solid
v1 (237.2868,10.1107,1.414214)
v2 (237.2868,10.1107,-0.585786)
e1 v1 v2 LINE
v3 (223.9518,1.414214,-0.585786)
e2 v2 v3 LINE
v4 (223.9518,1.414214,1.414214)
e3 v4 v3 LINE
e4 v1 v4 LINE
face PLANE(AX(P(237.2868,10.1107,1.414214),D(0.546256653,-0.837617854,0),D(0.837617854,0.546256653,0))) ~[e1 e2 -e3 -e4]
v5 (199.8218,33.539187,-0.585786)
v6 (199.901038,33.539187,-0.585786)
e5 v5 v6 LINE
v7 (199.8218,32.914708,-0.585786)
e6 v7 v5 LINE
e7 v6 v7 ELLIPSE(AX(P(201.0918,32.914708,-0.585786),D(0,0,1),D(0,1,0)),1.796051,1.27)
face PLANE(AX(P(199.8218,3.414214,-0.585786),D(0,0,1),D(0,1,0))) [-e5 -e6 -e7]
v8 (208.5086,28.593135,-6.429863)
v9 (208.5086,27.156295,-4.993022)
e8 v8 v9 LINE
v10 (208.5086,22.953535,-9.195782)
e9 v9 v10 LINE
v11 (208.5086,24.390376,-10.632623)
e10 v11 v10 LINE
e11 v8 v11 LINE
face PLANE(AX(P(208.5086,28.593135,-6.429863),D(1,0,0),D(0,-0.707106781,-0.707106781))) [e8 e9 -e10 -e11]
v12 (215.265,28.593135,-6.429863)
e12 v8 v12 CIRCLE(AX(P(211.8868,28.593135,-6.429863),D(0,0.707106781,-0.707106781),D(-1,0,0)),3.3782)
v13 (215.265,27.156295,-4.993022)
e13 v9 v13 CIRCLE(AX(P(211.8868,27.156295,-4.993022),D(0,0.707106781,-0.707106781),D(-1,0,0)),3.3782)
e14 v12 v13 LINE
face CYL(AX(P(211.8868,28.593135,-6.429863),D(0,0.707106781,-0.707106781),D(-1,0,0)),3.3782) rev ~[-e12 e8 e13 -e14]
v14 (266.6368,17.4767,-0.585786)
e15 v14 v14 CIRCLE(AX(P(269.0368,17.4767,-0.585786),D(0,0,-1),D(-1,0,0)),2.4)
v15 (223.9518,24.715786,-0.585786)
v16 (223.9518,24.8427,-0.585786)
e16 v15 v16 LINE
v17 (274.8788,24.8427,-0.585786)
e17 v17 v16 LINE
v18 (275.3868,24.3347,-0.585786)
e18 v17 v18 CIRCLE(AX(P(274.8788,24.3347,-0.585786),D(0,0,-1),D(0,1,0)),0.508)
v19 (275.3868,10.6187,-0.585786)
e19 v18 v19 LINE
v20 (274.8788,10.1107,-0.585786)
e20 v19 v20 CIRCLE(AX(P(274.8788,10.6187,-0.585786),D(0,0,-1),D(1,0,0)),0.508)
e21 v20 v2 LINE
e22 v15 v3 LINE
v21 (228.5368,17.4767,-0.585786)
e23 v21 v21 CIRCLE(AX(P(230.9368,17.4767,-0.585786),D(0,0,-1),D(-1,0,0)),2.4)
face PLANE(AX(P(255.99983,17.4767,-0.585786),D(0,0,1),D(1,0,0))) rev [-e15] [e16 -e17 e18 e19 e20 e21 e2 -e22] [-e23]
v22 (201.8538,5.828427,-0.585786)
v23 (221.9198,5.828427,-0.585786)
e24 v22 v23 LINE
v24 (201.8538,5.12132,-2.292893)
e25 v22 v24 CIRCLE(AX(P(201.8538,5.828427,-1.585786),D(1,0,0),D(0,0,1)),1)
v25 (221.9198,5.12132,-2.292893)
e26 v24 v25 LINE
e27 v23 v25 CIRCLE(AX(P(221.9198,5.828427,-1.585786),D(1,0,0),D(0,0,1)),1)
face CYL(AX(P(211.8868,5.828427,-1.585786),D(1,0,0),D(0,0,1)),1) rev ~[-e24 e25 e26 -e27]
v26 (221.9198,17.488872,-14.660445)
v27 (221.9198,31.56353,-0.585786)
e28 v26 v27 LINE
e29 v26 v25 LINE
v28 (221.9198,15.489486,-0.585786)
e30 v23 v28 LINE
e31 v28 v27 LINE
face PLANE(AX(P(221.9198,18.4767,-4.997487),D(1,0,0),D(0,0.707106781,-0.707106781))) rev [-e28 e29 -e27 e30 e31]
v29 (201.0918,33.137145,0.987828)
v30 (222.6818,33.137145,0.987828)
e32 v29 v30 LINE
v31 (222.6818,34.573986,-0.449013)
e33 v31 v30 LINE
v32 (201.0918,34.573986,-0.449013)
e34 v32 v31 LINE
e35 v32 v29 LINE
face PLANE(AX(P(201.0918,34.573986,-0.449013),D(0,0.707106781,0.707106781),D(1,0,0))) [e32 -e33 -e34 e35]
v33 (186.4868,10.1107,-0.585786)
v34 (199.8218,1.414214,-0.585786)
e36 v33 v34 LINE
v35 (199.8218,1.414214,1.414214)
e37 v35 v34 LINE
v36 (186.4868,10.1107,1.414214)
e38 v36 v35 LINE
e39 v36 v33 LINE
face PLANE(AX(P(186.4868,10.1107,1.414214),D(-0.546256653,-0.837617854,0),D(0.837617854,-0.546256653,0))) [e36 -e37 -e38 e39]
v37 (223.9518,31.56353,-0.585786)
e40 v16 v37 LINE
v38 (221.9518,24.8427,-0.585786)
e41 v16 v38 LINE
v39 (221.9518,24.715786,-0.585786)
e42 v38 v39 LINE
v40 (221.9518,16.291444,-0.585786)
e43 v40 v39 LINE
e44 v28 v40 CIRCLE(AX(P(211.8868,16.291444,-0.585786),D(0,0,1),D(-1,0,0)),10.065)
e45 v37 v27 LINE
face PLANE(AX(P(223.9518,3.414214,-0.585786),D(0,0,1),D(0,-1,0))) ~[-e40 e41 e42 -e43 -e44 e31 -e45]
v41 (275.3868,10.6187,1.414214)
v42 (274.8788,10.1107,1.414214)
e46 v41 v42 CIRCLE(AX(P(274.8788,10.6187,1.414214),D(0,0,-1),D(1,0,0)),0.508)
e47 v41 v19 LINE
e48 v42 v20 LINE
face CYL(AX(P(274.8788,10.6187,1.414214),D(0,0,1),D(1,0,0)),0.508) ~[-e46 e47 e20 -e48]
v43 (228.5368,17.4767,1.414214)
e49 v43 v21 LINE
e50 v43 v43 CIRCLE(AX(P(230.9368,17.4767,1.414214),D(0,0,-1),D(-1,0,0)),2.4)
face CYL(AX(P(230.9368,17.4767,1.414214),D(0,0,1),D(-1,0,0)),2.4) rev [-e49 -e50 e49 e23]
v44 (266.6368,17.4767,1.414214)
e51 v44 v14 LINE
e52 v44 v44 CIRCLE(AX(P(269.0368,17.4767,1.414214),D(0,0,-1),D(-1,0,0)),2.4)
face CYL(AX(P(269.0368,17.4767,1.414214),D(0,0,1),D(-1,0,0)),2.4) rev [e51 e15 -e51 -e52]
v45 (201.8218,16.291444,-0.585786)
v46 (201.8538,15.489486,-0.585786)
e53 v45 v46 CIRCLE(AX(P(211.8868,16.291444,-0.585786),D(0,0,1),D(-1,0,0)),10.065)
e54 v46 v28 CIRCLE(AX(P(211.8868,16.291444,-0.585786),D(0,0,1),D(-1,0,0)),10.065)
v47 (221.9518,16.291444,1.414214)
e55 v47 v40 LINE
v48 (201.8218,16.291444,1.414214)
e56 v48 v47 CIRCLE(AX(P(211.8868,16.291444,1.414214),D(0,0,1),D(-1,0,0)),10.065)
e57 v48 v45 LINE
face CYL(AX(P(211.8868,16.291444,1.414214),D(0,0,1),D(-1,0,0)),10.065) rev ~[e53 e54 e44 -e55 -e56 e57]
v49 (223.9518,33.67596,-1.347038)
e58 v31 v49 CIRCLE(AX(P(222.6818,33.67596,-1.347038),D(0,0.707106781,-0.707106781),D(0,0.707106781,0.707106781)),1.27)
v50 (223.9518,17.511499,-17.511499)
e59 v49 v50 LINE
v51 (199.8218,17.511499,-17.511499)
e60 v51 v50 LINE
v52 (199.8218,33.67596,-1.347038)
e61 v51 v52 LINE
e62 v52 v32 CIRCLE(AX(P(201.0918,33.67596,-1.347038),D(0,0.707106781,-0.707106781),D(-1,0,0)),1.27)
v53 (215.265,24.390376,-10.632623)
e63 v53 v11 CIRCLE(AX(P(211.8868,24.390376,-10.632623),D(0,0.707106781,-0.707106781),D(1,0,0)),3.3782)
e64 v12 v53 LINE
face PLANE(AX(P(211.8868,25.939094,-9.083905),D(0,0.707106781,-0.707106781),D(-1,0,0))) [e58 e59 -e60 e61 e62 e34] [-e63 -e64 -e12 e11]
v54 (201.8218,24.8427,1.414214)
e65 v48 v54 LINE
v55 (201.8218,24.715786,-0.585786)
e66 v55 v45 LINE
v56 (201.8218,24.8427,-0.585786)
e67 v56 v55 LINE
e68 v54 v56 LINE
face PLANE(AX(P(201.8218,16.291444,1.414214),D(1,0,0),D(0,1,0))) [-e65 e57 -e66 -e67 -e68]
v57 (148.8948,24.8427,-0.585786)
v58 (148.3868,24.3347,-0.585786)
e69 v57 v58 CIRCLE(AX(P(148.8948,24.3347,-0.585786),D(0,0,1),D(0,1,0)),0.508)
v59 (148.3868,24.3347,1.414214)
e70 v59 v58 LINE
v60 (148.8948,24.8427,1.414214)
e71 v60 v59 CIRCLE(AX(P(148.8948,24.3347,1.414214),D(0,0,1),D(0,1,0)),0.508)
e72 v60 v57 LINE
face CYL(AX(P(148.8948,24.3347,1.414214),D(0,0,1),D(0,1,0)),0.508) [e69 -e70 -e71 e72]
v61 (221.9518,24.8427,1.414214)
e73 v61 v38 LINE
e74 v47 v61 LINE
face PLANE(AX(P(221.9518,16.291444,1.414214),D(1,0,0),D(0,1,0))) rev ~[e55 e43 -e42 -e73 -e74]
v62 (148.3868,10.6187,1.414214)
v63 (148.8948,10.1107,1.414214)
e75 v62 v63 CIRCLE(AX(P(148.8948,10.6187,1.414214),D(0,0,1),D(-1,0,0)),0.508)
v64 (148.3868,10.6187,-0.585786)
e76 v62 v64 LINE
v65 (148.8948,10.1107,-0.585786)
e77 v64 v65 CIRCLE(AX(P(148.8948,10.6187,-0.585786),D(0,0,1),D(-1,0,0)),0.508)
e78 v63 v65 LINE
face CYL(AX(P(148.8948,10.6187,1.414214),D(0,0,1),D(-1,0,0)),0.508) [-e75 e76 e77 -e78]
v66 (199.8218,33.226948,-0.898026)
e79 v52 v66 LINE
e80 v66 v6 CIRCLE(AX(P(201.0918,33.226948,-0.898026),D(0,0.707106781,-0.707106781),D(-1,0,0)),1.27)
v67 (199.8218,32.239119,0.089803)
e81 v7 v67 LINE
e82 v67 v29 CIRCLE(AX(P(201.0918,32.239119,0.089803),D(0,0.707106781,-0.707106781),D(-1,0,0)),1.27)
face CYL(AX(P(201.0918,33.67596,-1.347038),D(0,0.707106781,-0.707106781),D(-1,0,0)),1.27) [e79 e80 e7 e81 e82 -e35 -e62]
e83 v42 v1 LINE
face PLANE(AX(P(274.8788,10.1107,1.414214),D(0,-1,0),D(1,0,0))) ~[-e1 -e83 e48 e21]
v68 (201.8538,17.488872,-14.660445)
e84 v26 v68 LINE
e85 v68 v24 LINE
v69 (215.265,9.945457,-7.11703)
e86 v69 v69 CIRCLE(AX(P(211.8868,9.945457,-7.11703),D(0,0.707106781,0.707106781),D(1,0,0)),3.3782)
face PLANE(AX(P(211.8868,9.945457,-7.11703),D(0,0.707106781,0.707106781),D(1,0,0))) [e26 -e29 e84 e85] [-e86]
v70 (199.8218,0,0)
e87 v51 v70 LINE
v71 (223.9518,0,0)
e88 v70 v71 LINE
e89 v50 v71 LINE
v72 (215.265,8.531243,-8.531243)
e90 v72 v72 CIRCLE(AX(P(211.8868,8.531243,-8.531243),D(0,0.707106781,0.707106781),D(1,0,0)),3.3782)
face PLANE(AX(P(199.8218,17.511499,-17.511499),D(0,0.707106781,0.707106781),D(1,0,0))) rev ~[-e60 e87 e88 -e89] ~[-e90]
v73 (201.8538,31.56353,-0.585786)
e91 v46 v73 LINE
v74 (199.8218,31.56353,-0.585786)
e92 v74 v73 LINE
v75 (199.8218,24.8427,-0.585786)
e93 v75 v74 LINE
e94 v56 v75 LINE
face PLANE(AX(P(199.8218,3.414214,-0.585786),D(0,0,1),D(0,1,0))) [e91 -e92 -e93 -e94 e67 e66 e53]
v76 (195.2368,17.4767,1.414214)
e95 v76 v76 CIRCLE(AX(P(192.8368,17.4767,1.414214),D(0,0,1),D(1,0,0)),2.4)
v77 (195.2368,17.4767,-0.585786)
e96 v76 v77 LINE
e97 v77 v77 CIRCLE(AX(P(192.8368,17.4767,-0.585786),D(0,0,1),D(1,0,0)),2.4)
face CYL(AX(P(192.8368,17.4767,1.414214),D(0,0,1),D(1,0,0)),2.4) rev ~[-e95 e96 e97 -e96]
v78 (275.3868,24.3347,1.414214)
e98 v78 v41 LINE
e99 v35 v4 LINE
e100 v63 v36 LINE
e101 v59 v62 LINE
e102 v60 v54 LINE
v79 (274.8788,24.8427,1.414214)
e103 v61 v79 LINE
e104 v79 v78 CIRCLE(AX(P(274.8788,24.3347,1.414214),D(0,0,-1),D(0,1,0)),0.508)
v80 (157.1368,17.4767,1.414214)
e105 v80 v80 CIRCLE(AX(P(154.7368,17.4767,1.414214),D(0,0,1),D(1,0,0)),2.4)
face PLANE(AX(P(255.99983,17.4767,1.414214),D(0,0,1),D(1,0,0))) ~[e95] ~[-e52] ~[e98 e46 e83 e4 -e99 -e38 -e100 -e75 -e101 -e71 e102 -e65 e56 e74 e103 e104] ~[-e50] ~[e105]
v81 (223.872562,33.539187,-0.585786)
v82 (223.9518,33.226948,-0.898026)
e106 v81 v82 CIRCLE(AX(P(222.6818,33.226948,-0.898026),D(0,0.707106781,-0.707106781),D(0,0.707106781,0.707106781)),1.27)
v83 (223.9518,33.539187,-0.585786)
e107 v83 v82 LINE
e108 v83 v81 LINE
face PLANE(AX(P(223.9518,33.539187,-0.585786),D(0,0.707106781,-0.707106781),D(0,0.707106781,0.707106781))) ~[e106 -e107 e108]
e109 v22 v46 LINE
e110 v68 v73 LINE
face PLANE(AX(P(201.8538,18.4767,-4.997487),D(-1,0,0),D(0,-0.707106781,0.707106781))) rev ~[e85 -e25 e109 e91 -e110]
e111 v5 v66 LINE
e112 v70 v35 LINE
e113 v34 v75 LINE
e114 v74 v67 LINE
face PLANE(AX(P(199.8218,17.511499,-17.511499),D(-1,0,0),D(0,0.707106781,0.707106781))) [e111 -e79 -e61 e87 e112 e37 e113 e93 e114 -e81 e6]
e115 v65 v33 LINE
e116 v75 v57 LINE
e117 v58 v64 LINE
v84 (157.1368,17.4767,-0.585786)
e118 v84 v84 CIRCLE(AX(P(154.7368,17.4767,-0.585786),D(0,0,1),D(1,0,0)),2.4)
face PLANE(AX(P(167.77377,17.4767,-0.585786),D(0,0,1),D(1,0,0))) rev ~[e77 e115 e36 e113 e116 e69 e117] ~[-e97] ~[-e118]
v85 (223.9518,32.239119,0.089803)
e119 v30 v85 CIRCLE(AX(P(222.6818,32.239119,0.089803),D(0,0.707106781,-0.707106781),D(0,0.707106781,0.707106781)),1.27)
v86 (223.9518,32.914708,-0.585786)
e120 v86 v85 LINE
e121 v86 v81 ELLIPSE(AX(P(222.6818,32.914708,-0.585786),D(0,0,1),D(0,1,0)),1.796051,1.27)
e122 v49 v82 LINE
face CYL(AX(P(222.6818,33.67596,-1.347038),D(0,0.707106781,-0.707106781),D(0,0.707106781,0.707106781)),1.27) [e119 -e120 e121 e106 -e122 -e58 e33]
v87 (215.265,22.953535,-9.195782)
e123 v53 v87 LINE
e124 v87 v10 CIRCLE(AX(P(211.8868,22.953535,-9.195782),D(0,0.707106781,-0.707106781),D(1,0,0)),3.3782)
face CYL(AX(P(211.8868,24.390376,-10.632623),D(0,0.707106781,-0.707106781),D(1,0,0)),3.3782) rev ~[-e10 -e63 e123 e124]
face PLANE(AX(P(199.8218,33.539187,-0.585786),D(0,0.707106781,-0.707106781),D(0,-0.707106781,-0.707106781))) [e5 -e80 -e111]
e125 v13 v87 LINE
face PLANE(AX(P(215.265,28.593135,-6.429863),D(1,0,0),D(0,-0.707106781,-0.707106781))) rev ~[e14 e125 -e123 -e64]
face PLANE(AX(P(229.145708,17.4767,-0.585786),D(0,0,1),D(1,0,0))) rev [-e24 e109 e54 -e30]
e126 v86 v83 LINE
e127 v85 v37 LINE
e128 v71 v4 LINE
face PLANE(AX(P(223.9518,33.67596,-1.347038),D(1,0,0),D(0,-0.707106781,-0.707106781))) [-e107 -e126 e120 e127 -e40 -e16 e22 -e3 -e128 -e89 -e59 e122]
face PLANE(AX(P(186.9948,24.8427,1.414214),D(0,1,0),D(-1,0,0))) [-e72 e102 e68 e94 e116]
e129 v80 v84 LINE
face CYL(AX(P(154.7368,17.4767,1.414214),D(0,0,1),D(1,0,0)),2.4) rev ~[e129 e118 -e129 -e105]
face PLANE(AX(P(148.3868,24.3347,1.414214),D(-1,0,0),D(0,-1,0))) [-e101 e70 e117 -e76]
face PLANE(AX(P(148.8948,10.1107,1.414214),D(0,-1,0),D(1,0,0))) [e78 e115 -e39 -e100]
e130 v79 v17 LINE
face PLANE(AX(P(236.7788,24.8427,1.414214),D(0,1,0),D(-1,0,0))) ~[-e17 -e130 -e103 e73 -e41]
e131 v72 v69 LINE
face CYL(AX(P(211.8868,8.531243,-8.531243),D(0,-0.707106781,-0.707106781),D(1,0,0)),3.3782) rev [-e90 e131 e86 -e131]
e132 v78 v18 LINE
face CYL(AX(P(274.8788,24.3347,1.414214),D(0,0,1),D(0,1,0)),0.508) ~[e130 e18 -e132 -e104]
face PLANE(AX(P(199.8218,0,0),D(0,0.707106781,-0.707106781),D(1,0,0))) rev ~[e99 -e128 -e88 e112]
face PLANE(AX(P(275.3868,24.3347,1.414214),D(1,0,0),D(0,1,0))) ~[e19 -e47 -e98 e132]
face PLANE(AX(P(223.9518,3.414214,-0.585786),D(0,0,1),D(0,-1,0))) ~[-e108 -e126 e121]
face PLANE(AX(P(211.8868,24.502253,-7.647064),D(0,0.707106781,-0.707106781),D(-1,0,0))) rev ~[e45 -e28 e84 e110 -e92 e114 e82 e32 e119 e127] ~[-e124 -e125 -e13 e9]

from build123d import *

# Parameters (mm, degrees)
SKETCH_W             = 24.13
SKETCH_H             = 24.13
SKETCH_R             = 3.3782
PAD_DEPTH            = 2
PAD001_DEPTH         = 12.065
SKETCH002_R          = 6.35
POCKET_DEPTH         = 22.7167864376
PAD002_DEPTH         = 2
SKETCH004_R          = 2.4
PAD003_DEPTH         = 2
POCKET001_DEPTH      = 2.54
FILLET_R             = 0.508
BODY_PLACEMENT_ANGLE = 315
SKETCH010_R          = 2.4
PAD007_DEPTH         = 2
PAD008_DEPTH         = 2.032
PAD009_DEPTH         = 2.032


with BuildPart() as part:
    # Sketch → Pad (new body)
    with BuildSketch(Plane.XY):
        with Locations((0, 12.065)):
            Rectangle(SKETCH_W, SKETCH_H)
        with Locations((0, 12.065)):
            Circle(SKETCH_R, mode=Mode.SUBTRACT)
    extrude(amount=PAD_DEPTH)

    # Sketch001 → Pad001 (join, symmetric)
    with BuildSketch(Plane.YZ):
        with BuildLine():
            Line((0, 2), (22.7157864376, 24.7157864376))
            Line((22.7157864376, 24.7157864376), (24.13, 23.3015728753))
            Line((24.13, 23.3015728753), (4.5355339059, 3.7071067812))
            ThreePointArc((4.5355339059, 3.7071067812), (4.3187611546, 2.6173165676), (5.2426406871, 2))
            Line((5.2426406871, 2), (0, 2))
        make_face()
    extrude(amount=PAD001_DEPTH, both=True)

    # Sketch002 (on Face7 of Pad001) → Pocket (cut, through all)
    with BuildSketch(Plane.XY.offset(2)):
        with Locations((0, 12.065)):
            Circle(SKETCH002_R)
    extrude(amount=POCKET_DEPTH, mode=Mode.SUBTRACT)

    # Sketch003 (on Face9 of Pocket) → Pad002 (join)
    with BuildSketch(Plane.YZ.offset(12.065)):
        with BuildLine():
            ThreePointArc((17.8909137548, 17.06248663), (15.9782409773, 7.4468312404), (24.13, 2))
            Line((2.8284271247, 2), (24.13, 2))
            Line((17.8909137548, 17.06248663), (2.8284271247, 2))
        make_face()
    pad002 = extrude(amount=-PAD002_DEPTH)

    # Mirrored: Pad002 across YZ
    add(pad002.mirror(Plane.YZ))

    # Sketch004 (on Face5 of Mirrored) → Pad003 (join)
    with BuildSketch(Plane(origin=(0, -1, 1), x_dir=(1, 0, 0), z_dir=(0, -0.7071067812, 0.7071067812))):
        Polygon((-12.065, 33.5391868224), (-25.4, 24.8427001924), (-25.4, 10.1107001924), (-12.065, 1.4142135624), align=None)
        with Locations((-19.05, 17.4767001924)):
            Circle(SKETCH004_R, mode=Mode.SUBTRACT)
    pad003 = extrude(amount=-PAD003_DEPTH)

    # Mirrored001: Pad003 across Sketch004 V_Axis
    add(pad003.mirror(Plane(origin=(0, -1, 1), x_dir=(0, -0.7071067812, 0.7071067812), z_dir=(1, 0, 0))))

    # Sketch006 (on Face5 of Mirrored001) → Pocket001 (cut)
    with BuildSketch(Plane(origin=(0, -1, 1), x_dir=(1, 0, 0), z_dir=(0, -0.7071067812, 0.7071067812))):
        with BuildLine():
            Line((25.4, 24.8427001924), (25.4, 33.5391868224))
            Line((25.4, 33.5391868224), (-25.4, 33.5391868224))
            Line((-25.4, 33.5391868224), (-25.4, 24.8427001924))
            Line((-25.4, 24.8427001924), (-10.065, 24.8427001924))
            Line((-10.065, 16.2914440713), (-10.065, 24.8427001924))
            ThreePointArc((-10.065, 16.2914440713), (0, 6.2264440713), (10.065, 16.2914440713))
            Line((10.065, 16.2914440713), (10.065, 24.8427001924))
            Line((10.065, 24.8427001924), (25.4, 24.8427001924))
        make_face()
    extrude(amount=-POCKET001_DEPTH, mode=Mode.SUBTRACT)

    # Fillet
    fillet_edges = [part.edges().sort_by_distance(p)[0] for p in [
        (-25.4, 17.273549, 17.859335),
        (25.4, 17.273549, 17.859335),
    ]]
    fillet(fillet_edges, radius=FILLET_R)


with BuildPart() as part_1:
    # Body placement: moved
    add(part.part.rotate(Axis((0, 0, 0), (1, 0, 0)), BODY_PLACEMENT_ANGLE))

    # Sketch010 (on Face11 of Clone) → Pad007 (new body)
    with BuildSketch(Plane.XY.offset(1.4142135624)):
        with BuildLine():
            Line((-24.892, 24.8427001924), (-62.992, 24.8427001924))
            ThreePointArc((-62.992, 24.8427001924), (-63.3512102448, 24.6939104372), (-63.5, 24.3347001924))
            Line((-63.5, 24.3347001924), (-63.5, 10.6187001924))
            ThreePointArc((-63.5, 10.6187001924), (-63.3512102448, 10.2594899476), (-62.992, 10.1107001924))
            Line((-62.992, 10.1107001924), (-24.892, 10.1107001924))
            Line((-24.892, 10.1107001924), (-24.892, 24.8427001924))
        make_face()
        with Locations((-57.15, 17.4767001924)):
            Circle(SKETCH010_R, mode=Mode.SUBTRACT)
    pad007 = extrude(amount=-PAD007_DEPTH)

    # Mirrored003: Pad007 across Sketch010 V_Axis
    add(pad007.mirror(Plane(origin=(0, 0, 1.4142135624), x_dir=(0, 0, 1), z_dir=(1, 0, 0))))

    # Sketch011 (on Face21 of Mirrored003) → Pad008 (join)
    with BuildSketch(Plane(origin=(0, 17.5114994361, -17.5114994361), x_dir=(-1, 0, 0), z_dir=(0, 0.7071067812, -0.7071067812))):
        with BuildLine():
            Line((12.065, 0), (12.065, 22.86))
            ThreePointArc((12.065, 22.86), (11.6930256121, 23.7580256121), (10.795, 24.13))
            Line((10.795, 24.13), (-10.795, 24.13))
            ThreePointArc((-10.795, 24.13), (-11.6930256121, 23.7580256121), (-12.065, 22.86))
            Line((-12.065, 22.86), (-12.065, 0))
            Line((12.065, 0), (-12.065, 0))
        make_face()
        with BuildLine():
            ThreePointArc((3.3782, 15.6718), (0, 19.05), (-3.3782, 15.6718))
            Line((-3.3782, 15.6718), (-3.3782, 9.7282))
            ThreePointArc((-3.3782, 9.7282), (0, 6.35), (3.3782, 9.7282))
            Line((3.3782, 15.6718), (3.3782, 9.7282))
        make_face(mode=Mode.SUBTRACT)
    extrude(amount=-PAD008_DEPTH)

    # Sketch012 (on Face13 of Pad008) → Pad009 (join)
    with BuildSketch(Plane(origin=(-12.065, 0, 0), x_dir=(0, -0.7071067812, 0.7071067812), z_dir=(-1, 0, 0))):
        Polygon((-24.13, 2), (-2.8284271247, 2), (-24.13, 23.3015728753), align=None)
    pad009 = extrude(amount=-PAD009_DEPTH)

    # Mirrored004: Pad009 across YZ
    add(pad009.mirror(Plane.YZ))


with BuildPart() as part_2:
    # Body002 placement: moved
    add(part_1.part.moved(Location((211.8868, 0, 0))))


solid = part_2.part
